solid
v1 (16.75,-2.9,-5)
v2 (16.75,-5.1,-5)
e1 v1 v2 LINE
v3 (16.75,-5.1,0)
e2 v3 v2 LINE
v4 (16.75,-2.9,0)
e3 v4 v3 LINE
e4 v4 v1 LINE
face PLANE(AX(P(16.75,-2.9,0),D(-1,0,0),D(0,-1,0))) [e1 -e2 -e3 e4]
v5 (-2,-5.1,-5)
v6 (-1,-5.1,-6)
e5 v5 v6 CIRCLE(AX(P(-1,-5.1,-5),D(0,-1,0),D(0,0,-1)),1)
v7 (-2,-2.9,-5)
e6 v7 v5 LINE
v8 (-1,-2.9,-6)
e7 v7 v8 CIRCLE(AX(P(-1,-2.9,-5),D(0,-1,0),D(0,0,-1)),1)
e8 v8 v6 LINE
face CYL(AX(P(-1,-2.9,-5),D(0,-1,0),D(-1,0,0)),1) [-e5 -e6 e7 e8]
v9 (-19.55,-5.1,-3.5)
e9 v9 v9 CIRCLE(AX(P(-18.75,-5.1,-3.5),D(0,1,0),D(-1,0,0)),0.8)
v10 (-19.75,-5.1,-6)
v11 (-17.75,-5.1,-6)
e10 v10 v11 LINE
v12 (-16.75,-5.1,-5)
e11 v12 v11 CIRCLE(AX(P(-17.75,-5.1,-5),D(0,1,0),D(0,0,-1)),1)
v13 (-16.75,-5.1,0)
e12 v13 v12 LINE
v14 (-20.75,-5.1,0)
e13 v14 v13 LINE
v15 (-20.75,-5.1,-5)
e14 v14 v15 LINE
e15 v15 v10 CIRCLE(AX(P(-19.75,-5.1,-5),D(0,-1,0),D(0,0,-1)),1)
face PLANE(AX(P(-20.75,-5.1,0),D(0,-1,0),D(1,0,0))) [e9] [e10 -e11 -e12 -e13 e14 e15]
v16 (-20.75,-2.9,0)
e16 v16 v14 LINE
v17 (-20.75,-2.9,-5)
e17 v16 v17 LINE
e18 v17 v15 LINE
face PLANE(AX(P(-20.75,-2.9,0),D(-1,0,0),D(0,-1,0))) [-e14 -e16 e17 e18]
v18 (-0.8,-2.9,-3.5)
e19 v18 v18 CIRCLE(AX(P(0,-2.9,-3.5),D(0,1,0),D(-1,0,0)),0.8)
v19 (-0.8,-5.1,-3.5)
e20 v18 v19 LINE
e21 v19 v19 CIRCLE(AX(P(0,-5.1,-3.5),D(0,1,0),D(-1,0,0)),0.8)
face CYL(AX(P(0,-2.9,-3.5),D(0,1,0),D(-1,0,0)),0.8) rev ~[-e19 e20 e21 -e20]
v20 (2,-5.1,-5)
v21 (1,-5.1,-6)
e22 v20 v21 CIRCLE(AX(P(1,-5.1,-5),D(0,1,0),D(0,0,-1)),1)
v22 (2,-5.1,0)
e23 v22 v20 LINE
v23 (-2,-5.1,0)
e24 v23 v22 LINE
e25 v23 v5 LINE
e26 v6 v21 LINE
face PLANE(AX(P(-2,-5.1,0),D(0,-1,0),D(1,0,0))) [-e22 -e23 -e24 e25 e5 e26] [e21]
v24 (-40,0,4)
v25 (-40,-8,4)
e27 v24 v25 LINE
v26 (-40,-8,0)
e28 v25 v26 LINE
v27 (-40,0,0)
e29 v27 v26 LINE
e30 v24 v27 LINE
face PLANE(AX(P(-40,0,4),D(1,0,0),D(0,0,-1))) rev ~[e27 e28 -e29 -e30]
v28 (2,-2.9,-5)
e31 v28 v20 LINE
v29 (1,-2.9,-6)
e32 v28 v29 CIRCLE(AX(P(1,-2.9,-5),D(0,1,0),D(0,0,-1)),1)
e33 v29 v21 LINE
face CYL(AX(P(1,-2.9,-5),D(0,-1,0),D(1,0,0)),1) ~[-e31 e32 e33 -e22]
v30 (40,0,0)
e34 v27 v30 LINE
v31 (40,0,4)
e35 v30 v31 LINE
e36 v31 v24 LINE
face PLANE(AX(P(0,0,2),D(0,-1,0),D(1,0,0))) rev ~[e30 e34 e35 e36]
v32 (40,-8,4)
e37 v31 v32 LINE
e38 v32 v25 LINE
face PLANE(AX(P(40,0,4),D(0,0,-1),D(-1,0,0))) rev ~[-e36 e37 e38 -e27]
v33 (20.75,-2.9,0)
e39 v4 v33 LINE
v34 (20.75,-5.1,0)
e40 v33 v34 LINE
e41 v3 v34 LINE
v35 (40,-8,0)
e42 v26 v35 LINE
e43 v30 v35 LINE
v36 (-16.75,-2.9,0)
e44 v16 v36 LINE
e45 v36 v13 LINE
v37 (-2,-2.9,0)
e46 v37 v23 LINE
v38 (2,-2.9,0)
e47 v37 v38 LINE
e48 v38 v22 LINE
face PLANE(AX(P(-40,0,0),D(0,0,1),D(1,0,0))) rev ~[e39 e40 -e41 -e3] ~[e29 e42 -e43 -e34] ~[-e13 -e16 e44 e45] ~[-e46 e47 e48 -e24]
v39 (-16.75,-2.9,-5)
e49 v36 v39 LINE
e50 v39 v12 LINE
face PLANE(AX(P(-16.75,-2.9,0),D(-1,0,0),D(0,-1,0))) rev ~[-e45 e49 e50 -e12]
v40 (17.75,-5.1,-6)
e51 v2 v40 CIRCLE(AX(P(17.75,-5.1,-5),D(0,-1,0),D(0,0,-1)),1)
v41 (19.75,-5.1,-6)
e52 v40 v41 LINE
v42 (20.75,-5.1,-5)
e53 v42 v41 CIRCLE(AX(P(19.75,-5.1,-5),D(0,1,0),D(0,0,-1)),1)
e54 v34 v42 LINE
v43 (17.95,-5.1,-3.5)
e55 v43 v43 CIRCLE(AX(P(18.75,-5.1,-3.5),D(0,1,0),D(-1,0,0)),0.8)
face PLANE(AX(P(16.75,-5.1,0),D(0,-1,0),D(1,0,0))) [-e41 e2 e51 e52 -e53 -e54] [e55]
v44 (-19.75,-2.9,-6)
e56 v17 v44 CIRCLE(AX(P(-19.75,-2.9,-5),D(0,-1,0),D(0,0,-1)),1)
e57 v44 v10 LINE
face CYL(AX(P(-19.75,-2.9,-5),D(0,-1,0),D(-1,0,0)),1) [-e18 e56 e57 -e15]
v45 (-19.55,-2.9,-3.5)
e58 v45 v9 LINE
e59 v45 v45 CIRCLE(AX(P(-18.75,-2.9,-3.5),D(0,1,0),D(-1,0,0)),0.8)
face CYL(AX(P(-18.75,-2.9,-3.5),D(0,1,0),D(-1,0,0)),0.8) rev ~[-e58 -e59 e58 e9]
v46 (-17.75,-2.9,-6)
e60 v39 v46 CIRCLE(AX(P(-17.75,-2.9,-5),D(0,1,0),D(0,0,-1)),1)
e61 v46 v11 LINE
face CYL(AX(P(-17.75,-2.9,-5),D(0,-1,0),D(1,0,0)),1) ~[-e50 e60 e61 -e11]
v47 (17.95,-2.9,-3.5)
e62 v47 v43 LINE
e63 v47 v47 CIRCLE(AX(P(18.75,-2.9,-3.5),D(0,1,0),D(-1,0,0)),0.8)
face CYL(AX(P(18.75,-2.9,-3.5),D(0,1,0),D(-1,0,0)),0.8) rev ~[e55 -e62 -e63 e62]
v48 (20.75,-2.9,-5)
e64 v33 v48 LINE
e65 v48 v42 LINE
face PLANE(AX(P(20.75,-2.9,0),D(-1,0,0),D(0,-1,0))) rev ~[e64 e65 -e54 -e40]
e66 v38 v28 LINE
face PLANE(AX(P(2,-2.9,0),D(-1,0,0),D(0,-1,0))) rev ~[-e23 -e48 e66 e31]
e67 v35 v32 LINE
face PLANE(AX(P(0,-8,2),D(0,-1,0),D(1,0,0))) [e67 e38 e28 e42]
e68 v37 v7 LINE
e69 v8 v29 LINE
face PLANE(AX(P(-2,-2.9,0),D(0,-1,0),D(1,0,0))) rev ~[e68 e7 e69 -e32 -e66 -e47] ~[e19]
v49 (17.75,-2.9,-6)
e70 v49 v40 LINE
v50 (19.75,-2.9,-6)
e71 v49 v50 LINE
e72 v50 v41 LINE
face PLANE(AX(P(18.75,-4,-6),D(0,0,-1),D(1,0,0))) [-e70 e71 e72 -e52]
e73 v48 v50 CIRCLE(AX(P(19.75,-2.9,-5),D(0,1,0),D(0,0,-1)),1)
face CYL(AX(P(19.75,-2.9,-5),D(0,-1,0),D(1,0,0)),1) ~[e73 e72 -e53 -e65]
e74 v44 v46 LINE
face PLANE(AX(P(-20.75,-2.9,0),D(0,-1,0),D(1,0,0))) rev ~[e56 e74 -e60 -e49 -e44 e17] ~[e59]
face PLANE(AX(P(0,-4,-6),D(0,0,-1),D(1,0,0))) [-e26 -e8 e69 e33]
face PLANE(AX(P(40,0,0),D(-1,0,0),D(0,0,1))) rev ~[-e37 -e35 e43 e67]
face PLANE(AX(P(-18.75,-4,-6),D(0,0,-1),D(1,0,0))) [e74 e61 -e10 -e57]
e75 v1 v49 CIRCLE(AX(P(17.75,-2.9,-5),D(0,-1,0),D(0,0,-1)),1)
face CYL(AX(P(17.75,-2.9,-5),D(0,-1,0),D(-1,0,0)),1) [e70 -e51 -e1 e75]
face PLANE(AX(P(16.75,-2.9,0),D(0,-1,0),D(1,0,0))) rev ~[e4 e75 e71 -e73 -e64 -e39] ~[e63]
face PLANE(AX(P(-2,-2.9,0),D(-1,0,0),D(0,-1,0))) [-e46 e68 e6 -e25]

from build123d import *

# Parameters (mm, degrees)
F1_DEPTH = 8
F2_W     = 4
F2_H     = 2.2
F3_DEPTH = 6
F4_R     = 0.8
F5_DEPTH = 5.101
F6_R     = 1


with BuildPart() as f1:
    # F0 (on Front) → F1 (new body)
    with BuildSketch(Plane.XZ):
        Polygon((-40, 4), (-40, 0), (0, 0), (40, 0), (40, 4), (0, 4), align=None)
    extrude(amount=F1_DEPTH)

    # F2 (on face) → F3 (join)
    with BuildSketch(Plane(origin=(0, 0, 0), x_dir=(1, 0, 0), z_dir=(0, 0, -1))):
        with Locations((-18.75, 4)):
            Rectangle(F2_W, F2_H)
        with Locations((18.75, 4)):
            Rectangle(F2_W, F2_H)
        with Locations((0, 4)):
            Rectangle(F2_W, F2_H)
    extrude(amount=F3_DEPTH)

    # F4 (on face) → F5 (cut, through all)
    with BuildSketch(Plane(origin=(0, -2.9, 0), x_dir=(-1, 0, 0), z_dir=(0, 1, 0))):
        with Locations((-18.75, -3.5)):
            Circle(F4_R)
        with Locations((18.75, -3.5)):
            Circle(F4_R)
        with Locations((0, -3.5)):
            Circle(F4_R)
    extrude(amount=-F5_DEPTH, mode=Mode.SUBTRACT)

    # F6
    f6_edges = [f1.edges().sort_by_distance(p)[0] for p in [
        (20.75, -4, -6),
        (16.75, -4, -6),
        (-16.75, -4, -6),
        (-20.75, -4, -6),
        (-2, -4, -6),
        (2, -4, -6),
    ]]
    fillet(f6_edges, radius=F6_R)


solid = f1.part
